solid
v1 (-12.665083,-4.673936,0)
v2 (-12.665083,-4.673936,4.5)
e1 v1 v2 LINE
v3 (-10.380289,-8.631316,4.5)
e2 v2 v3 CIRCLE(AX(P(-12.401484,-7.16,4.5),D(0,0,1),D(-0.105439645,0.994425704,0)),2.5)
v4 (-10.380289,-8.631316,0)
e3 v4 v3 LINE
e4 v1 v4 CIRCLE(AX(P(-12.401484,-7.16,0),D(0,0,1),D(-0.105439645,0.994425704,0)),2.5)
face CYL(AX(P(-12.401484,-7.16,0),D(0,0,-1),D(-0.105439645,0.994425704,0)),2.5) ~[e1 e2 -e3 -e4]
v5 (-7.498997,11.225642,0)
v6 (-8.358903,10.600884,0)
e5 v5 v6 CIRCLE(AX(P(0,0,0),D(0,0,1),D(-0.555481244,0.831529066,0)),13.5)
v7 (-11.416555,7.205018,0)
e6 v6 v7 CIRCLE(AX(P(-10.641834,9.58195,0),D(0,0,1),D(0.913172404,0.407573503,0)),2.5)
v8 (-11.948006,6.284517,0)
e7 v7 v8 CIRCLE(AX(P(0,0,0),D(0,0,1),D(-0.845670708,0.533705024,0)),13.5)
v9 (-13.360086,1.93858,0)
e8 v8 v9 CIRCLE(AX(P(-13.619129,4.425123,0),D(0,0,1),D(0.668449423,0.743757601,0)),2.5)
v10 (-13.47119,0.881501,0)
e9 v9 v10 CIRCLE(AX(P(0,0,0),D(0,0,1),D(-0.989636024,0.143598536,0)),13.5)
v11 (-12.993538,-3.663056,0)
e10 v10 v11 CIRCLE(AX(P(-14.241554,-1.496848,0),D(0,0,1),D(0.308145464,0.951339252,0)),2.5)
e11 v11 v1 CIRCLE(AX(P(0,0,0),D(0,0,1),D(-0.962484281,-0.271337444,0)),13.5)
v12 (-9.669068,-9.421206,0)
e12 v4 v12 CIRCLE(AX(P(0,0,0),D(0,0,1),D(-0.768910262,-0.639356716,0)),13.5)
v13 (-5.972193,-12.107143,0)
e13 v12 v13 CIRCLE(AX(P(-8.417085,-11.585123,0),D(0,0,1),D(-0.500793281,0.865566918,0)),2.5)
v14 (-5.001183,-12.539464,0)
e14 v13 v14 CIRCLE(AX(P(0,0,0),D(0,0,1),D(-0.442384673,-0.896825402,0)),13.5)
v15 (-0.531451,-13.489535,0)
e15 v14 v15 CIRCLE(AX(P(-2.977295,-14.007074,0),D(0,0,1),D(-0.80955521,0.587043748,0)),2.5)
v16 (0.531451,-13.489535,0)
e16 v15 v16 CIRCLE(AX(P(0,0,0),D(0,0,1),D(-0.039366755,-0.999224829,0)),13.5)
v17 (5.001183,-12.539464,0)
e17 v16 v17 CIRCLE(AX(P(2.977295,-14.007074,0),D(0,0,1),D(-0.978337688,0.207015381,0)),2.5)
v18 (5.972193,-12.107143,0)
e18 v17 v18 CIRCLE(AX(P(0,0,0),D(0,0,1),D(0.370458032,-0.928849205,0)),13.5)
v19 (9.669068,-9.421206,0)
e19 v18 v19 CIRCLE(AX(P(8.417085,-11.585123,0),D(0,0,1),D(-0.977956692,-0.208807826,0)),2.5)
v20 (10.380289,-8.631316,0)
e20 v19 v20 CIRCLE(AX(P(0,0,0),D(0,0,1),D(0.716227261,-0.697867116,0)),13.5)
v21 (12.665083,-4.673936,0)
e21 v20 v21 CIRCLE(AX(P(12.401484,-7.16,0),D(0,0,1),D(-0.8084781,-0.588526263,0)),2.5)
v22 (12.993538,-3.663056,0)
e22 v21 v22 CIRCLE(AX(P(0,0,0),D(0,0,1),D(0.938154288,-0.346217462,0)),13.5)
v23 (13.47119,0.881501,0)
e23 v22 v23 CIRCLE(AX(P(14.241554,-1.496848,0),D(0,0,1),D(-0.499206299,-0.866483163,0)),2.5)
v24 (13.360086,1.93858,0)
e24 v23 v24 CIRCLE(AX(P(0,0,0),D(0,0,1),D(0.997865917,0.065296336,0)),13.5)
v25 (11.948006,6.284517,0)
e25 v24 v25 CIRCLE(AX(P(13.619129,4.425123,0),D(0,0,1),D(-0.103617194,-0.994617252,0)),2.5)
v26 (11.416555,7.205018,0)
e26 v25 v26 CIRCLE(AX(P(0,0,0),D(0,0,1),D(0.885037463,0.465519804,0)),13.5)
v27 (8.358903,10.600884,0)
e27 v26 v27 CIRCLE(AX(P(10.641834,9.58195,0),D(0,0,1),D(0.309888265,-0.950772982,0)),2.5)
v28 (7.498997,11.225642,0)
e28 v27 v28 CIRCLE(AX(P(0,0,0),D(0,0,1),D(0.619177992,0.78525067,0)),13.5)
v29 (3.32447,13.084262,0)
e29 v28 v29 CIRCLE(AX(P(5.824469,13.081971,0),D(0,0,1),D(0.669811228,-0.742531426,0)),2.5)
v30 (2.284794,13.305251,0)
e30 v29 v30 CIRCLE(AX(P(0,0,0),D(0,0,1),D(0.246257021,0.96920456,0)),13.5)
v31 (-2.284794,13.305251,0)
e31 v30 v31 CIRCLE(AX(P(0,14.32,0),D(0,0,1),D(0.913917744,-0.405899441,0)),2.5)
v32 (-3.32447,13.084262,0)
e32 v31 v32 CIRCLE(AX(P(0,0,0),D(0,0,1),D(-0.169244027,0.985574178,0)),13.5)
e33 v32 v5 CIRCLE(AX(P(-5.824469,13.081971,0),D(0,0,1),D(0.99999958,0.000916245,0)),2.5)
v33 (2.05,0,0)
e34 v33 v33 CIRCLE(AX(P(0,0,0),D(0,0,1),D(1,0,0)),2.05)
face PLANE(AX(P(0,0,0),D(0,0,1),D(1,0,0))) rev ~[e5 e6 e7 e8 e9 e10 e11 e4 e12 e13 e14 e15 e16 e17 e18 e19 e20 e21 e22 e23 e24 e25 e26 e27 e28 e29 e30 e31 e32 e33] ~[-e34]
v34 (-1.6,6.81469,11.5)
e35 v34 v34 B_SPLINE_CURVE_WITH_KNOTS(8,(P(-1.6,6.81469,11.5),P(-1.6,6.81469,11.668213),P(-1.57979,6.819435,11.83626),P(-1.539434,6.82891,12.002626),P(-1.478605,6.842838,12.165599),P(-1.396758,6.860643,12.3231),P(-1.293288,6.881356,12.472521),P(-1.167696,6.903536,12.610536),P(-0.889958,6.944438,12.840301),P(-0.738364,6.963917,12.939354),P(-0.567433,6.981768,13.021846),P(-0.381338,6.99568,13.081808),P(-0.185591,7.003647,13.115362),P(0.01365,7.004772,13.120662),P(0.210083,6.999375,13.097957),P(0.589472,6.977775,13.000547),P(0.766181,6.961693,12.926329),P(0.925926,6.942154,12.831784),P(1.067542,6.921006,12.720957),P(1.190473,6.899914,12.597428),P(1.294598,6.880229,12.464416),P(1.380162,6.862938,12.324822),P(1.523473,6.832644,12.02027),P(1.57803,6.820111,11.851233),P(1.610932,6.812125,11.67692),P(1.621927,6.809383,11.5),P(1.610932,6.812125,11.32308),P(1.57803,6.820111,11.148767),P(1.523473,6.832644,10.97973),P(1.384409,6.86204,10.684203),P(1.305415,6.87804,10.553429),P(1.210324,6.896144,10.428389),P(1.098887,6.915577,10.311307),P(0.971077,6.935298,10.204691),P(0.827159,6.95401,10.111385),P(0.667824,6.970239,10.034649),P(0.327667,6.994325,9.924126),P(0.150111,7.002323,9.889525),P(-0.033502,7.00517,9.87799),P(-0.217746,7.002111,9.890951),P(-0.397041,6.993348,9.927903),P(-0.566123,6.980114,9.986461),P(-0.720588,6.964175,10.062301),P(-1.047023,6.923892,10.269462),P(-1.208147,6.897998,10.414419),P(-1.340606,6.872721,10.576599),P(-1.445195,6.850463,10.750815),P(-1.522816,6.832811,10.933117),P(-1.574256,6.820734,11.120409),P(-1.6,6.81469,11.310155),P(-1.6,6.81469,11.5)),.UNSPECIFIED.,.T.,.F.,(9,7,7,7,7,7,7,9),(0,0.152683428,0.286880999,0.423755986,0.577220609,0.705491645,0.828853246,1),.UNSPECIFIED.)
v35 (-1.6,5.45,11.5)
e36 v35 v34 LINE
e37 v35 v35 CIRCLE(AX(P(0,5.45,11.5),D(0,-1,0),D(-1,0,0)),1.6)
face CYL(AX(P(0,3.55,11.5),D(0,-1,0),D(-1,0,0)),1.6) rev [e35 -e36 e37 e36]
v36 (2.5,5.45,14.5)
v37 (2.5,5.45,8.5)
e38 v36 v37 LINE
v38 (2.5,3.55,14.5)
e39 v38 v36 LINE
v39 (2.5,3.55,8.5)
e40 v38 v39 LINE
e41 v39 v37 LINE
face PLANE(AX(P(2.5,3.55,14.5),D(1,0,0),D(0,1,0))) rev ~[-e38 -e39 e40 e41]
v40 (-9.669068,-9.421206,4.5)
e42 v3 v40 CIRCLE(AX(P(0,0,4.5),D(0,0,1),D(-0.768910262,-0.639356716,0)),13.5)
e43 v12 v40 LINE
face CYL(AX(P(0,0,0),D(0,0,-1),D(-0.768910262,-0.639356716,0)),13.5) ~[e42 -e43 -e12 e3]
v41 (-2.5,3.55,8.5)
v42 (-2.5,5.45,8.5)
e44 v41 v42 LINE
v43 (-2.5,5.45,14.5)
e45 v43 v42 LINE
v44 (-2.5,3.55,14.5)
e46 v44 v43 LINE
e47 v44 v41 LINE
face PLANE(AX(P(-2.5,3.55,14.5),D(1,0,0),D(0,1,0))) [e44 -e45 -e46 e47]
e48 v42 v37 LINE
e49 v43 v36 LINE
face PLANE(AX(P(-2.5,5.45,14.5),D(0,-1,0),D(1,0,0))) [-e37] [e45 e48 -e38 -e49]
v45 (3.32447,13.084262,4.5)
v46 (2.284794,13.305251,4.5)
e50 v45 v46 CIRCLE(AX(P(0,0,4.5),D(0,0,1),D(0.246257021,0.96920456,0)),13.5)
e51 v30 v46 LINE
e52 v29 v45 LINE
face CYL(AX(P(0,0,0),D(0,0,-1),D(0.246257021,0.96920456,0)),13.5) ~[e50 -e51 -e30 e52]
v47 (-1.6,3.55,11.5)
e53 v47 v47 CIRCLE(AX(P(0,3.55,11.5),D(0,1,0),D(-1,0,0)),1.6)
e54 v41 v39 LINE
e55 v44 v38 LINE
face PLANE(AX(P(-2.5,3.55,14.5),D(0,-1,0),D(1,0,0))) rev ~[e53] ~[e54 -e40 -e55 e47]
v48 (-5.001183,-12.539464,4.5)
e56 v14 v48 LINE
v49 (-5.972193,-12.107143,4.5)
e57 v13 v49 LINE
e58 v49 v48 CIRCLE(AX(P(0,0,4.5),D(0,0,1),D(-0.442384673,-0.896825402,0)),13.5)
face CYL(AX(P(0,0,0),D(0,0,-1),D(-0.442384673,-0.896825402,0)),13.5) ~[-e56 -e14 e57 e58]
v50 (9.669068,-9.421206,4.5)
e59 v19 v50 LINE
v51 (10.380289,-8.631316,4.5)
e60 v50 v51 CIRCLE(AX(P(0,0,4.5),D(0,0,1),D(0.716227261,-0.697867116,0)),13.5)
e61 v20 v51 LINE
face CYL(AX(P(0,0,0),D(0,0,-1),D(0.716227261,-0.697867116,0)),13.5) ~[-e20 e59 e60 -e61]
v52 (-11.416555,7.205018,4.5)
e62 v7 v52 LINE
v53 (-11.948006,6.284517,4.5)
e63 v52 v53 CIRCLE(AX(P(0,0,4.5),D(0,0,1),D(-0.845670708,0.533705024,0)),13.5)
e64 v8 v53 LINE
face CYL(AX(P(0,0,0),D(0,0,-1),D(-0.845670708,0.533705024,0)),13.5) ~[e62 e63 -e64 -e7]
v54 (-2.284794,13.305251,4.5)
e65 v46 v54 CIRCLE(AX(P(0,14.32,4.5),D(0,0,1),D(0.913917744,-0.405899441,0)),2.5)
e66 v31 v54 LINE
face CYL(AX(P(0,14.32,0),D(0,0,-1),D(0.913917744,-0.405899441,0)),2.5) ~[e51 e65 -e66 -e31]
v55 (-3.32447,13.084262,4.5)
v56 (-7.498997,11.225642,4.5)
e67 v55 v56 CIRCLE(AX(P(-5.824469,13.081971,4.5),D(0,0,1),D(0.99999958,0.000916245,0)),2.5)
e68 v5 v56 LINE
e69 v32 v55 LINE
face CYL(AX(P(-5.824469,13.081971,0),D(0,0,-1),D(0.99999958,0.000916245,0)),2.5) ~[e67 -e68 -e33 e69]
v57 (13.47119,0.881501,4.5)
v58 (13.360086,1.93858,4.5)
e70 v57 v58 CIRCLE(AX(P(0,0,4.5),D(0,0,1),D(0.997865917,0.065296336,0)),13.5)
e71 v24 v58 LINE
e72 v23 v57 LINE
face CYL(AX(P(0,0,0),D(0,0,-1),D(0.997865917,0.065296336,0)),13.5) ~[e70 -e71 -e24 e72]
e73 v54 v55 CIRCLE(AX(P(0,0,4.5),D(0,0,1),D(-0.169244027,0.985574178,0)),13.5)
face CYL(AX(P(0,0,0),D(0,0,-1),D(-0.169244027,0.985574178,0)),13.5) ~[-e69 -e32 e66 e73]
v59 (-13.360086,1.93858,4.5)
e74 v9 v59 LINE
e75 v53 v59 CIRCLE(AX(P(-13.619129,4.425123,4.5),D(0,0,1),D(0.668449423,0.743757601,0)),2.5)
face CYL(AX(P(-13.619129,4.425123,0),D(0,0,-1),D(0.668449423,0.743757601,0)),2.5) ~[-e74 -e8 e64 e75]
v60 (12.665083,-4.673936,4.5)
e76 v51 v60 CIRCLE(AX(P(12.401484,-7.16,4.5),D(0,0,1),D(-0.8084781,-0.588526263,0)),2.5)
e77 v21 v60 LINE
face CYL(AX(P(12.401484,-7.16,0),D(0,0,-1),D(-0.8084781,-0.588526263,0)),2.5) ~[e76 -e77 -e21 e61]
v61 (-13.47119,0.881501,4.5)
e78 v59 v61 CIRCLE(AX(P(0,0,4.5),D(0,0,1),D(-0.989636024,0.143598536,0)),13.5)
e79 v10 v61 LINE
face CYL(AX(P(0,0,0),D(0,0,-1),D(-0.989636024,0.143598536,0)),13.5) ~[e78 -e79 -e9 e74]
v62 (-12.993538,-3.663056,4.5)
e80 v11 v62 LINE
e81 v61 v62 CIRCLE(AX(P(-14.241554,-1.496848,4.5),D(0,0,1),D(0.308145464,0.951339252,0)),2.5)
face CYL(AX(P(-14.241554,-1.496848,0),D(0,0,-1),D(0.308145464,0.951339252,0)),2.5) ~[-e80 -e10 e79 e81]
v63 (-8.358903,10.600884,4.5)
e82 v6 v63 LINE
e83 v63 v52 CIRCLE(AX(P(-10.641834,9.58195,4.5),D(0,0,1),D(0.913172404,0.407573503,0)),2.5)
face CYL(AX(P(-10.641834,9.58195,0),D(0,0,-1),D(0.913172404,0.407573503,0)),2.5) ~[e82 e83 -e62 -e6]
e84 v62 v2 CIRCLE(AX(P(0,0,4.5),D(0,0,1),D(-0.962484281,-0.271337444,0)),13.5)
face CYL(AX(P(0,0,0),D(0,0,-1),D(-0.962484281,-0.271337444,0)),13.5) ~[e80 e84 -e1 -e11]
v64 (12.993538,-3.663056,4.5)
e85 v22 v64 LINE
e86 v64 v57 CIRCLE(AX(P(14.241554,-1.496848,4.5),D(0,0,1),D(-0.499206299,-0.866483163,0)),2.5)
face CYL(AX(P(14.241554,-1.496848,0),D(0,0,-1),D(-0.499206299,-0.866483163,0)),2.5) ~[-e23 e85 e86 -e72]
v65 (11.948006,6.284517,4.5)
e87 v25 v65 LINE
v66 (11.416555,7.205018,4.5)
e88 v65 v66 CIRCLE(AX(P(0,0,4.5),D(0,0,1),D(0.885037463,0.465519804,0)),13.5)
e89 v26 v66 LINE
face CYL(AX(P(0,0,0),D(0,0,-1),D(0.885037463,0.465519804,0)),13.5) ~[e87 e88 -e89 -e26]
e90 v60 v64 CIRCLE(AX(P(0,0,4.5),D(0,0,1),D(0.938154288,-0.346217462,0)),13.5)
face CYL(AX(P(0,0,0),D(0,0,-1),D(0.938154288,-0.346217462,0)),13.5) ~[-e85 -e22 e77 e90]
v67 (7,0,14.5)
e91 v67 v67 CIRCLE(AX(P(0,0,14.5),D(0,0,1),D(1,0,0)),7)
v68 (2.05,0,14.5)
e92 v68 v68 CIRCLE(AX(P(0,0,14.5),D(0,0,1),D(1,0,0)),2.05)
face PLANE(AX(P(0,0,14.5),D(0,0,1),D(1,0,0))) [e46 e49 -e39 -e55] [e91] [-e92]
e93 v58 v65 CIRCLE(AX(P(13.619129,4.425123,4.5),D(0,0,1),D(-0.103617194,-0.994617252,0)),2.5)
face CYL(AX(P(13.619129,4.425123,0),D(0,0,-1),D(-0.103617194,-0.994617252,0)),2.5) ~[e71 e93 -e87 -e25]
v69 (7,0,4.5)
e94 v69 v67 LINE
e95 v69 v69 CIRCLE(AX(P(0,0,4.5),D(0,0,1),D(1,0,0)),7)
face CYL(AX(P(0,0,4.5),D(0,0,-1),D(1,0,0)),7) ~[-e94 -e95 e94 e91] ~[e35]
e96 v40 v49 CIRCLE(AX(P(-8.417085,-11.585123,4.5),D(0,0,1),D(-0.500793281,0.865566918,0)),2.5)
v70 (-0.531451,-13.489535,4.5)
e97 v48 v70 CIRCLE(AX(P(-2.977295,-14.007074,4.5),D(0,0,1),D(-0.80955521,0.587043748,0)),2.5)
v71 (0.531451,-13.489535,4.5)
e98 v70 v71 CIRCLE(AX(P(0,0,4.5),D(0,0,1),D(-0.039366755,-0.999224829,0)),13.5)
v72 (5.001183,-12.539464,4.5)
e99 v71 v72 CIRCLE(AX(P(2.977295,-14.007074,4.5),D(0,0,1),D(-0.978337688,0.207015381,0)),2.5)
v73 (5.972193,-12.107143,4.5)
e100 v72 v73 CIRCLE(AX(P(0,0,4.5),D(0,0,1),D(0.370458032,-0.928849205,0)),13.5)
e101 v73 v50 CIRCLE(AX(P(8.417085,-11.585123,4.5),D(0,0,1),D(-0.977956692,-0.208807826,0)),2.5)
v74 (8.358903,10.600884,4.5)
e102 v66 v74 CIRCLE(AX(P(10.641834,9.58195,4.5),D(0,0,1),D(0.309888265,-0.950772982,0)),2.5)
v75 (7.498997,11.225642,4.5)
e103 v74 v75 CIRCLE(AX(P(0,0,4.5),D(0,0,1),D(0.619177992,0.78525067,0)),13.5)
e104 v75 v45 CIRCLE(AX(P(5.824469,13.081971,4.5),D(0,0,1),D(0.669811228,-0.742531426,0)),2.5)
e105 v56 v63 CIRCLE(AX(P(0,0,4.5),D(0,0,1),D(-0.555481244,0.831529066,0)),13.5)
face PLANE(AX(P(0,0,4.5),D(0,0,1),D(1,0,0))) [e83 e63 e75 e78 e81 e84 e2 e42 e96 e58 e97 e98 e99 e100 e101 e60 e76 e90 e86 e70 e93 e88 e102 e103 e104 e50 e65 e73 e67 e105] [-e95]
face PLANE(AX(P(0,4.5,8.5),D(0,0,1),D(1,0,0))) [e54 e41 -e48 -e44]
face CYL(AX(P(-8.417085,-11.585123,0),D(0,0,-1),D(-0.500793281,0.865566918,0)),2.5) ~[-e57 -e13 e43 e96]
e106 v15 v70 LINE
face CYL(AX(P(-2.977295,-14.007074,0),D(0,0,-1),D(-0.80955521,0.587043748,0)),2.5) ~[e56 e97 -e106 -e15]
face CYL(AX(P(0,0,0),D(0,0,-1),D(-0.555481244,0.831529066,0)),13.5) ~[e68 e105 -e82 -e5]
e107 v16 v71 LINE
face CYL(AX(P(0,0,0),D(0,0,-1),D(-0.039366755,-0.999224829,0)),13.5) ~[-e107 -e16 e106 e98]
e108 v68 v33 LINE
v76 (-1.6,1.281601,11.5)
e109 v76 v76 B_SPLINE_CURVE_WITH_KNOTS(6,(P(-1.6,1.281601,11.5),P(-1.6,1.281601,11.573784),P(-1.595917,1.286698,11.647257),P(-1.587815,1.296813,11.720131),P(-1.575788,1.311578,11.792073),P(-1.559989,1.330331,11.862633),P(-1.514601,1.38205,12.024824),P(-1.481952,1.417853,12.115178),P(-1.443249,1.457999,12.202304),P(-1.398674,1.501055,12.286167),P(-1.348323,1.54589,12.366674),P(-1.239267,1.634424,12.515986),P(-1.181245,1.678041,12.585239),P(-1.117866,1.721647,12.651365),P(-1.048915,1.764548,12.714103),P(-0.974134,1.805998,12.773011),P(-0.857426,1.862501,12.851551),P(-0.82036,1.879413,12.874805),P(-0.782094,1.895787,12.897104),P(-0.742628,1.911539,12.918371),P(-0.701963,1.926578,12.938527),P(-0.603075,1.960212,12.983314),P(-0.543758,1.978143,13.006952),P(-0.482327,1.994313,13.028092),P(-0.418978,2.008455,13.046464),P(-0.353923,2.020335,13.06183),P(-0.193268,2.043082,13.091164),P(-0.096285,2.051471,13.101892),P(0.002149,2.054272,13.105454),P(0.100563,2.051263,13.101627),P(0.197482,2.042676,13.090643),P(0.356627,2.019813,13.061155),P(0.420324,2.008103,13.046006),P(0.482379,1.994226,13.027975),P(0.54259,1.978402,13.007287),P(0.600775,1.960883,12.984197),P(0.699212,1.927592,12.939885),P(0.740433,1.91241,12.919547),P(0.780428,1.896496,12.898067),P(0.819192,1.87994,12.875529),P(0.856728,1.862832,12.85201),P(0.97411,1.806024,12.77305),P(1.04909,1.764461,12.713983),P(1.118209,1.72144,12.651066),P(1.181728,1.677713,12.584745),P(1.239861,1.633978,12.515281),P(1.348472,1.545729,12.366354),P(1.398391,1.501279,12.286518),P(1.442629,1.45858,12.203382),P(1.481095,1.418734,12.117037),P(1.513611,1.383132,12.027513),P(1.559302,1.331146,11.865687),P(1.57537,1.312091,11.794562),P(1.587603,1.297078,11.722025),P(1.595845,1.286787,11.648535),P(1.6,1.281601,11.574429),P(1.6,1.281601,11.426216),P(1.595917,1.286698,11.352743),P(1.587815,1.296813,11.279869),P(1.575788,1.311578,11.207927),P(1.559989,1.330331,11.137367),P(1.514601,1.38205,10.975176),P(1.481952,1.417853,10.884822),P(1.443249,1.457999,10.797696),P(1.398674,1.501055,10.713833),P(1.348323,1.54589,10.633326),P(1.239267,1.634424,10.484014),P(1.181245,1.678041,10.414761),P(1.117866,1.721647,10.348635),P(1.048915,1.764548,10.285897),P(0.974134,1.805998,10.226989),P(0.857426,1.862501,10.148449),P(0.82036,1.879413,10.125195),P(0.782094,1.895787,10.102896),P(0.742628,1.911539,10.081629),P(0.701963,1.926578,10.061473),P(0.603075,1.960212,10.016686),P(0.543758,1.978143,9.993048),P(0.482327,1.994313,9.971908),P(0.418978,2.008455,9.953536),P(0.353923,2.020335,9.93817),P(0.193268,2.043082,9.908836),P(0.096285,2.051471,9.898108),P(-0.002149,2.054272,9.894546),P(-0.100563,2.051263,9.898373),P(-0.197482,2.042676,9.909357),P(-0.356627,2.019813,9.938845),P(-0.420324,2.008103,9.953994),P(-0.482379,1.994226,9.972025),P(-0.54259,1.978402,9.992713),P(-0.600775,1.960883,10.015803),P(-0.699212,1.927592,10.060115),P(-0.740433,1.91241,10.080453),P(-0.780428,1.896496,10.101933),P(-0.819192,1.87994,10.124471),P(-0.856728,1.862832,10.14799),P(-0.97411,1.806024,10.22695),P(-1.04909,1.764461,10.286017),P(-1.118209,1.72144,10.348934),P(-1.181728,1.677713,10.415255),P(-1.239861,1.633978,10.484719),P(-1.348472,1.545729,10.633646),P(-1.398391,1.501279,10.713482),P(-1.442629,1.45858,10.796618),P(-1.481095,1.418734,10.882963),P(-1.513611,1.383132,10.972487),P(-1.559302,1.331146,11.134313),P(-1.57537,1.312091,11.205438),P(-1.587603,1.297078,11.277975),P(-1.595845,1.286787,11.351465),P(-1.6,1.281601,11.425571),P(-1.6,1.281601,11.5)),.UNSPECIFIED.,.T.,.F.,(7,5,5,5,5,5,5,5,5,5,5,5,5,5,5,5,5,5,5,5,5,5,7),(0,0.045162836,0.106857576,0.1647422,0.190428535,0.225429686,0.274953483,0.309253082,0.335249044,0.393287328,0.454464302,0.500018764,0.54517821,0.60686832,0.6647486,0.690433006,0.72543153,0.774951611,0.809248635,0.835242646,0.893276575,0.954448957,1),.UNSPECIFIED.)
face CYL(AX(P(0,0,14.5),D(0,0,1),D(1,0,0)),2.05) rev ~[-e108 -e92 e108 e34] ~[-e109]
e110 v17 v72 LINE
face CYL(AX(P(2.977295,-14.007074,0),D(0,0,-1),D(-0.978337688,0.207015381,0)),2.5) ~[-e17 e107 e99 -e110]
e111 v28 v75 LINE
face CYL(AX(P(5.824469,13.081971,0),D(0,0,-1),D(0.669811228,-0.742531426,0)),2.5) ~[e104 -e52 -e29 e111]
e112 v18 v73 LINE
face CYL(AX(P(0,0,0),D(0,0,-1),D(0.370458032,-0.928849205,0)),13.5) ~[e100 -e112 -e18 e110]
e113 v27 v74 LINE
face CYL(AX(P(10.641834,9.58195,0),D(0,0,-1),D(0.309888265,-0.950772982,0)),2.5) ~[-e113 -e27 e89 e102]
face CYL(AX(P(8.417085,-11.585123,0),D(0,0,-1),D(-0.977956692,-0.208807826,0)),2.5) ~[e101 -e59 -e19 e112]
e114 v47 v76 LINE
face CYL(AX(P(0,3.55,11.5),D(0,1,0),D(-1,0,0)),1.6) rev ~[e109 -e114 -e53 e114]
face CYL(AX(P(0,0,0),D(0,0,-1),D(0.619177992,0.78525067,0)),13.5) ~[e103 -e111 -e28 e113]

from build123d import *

# Parameters (mm, degrees)
F1_DEPTH      = 4.5
F2_R          = 7
F3_DEPTH      = 10
F4_R          = 2.05
F5_DEPTH      = 25
F6_W          = 5
F6_H          = 1.9
F7_DEPTH      = 6
F8_R          = 1.6
F9_DEPTH      = 2.2693995383
F9_DEPTH_BACK = 25


with BuildPart() as f1:
    # F0 (on Top) → F1 (new body)
    with BuildSketch(Plane.XY):
        with BuildLine():
            ThreePointArc((3.3244697782, 13.0842615647), (2.806807826, 13.2049926099), (2.284794361, 13.3052513966))
            ThreePointArc((2.284794361, 13.3052513966), (0, 16.82), (-2.284794361, 13.3052513966))
            ThreePointArc((-2.284794361, 13.3052513966), (-2.806807826, 13.2049926099), (-3.3244697782, 13.0842615647))
            ThreePointArc((-3.3244697782, 13.0842615647), (-6.8413103365, 15.3658345975), (-7.4989967985, 11.2256423877))
            ThreePointArc((-7.4989967985, 11.2256423877), (-7.9351009059, 10.9217294241), (-8.3589028909, 10.6008840414))
            ThreePointArc((-8.3589028909, 10.6008840414), (-12.4996959645, 11.254776799), (-11.4165545633, 7.2050178281))
            ThreePointArc((-11.4165545633, 7.2050178281), (-11.6913429511, 6.75), (-11.9480057555, 6.2845173614))
            ThreePointArc((-11.9480057555, 6.2845173614), (-15.9967706041, 5.1976658454), (-13.3600863279, 1.9385802306))
            ThreePointArc((-13.3600863279, 1.9385802306), (-13.4260455875, 1.4111342541), (-13.4711898808, 0.8815005365))
            ThreePointArc((-13.4711898808, 0.8815005365), (-16.7278582801, -1.7581687522), (-12.9935377939, -3.6630555003))
            ThreePointArc((-12.9935377939, -3.6630555003), (-12.83926297, -4.1717294241), (-12.6650828937, -4.6739357393))
            ThreePointArc((-12.6650828937, -4.6739357393), (-14.5665472917, -8.41), (-10.3802885327, -8.6313156574))
            ThreePointArc((-10.3802885327, -8.6313156574), (-10.0324551439, -9.0332631858), (-9.6690680157, -9.4212060644))
            ThreePointArc((-9.6690680157, -9.4212060644), (-9.8865479436, -13.6076658454), (-5.9721930823, -12.1071429242))
            ThreePointArc((-5.9721930823, -12.1071429242), (-5.4909446815, -12.3328636782), (-5.001183437, -12.539464272))
            ThreePointArc((-5.001183437, -12.539464272), (-3.4970746396, -16.4524426443), (-0.5314511923, -13.4895351896))
            ThreePointArc((-0.5314511923, -13.4895351896), (0, -13.5), (0.5314511923, -13.4895351896))
            ThreePointArc((0.5314511923, -13.4895351896), (3.4970746396, -16.4524426443), (5.001183437, -12.539464272))
            ThreePointArc((5.001183437, -12.539464272), (5.4909446815, -12.3328636782), (5.9721930823, -12.1071429242))
            ThreePointArc((5.9721930823, -12.1071429242), (9.8865479436, -13.6076658454), (9.6690680157, -9.4212060644))
            ThreePointArc((9.6690680157, -9.4212060644), (10.0324551439, -9.0332631858), (10.3802885327, -8.6313156574))
            ThreePointArc((10.3802885327, -8.6313156574), (14.5665472917, -8.41), (12.6650828937, -4.6739357393))
            ThreePointArc((12.6650828937, -4.6739357393), (12.83926297, -4.1717294241), (12.9935377939, -3.6630555003))
            ThreePointArc((12.9935377939, -3.6630555003), (16.7278582801, -1.7581687522), (13.4711898808, 0.8815005365))
            ThreePointArc((13.4711898808, 0.8815005365), (13.4260455875, 1.4111342541), (13.3600863279, 1.9385802306))
            ThreePointArc((13.3600863279, 1.9385802306), (15.9967706041, 5.1976658454), (11.9480057555, 6.2845173614))
            ThreePointArc((11.9480057555, 6.2845173614), (11.6913429511, 6.75), (11.4165545633, 7.2050178281))
            ThreePointArc((11.4165545633, 7.2050178281), (12.4996959645, 11.254776799), (8.3589028909, 10.6008840414))
            ThreePointArc((8.3589028909, 10.6008840414), (7.9351009059, 10.9217294241), (7.4989967985, 11.2256423877))
            ThreePointArc((7.4989967985, 11.2256423877), (6.8413103365, 15.3658345975), (3.3244697782, 13.0842615647))
        make_face()
    extrude(amount=F1_DEPTH)

    # F2 (on face) → F3 (join)
    with BuildSketch(Plane.XY.offset(4.5)):
        Circle(F2_R)
    extrude(amount=F3_DEPTH)

    # F4 (on face) → F5 (cut)
    with BuildSketch(Plane.XY.offset(14.5)):
        Circle(F4_R)
    extrude(amount=-F5_DEPTH, mode=Mode.SUBTRACT)

    # F6 (on face) → F7 (cut)
    with BuildSketch(Plane.XY.offset(14.5)):
        with Locations((0, 4.5)):
            Rectangle(F6_W, F6_H)
    extrude(amount=-F7_DEPTH, mode=Mode.SUBTRACT)

    # F8 (on face) → F9 (cut, two sides)
    with BuildSketch(Plane(origin=(0, 3.55, 0), x_dir=(-1, 0, 0), z_dir=(0, 1, 0))) as f9_sk:
        with Locations((0, 11.5)):
            Circle(F8_R)
    extrude(amount=-F9_DEPTH, mode=Mode.SUBTRACT)
    extrude(f9_sk.sketch, amount=F9_DEPTH_BACK, mode=Mode.SUBTRACT)


solid = f1.part
